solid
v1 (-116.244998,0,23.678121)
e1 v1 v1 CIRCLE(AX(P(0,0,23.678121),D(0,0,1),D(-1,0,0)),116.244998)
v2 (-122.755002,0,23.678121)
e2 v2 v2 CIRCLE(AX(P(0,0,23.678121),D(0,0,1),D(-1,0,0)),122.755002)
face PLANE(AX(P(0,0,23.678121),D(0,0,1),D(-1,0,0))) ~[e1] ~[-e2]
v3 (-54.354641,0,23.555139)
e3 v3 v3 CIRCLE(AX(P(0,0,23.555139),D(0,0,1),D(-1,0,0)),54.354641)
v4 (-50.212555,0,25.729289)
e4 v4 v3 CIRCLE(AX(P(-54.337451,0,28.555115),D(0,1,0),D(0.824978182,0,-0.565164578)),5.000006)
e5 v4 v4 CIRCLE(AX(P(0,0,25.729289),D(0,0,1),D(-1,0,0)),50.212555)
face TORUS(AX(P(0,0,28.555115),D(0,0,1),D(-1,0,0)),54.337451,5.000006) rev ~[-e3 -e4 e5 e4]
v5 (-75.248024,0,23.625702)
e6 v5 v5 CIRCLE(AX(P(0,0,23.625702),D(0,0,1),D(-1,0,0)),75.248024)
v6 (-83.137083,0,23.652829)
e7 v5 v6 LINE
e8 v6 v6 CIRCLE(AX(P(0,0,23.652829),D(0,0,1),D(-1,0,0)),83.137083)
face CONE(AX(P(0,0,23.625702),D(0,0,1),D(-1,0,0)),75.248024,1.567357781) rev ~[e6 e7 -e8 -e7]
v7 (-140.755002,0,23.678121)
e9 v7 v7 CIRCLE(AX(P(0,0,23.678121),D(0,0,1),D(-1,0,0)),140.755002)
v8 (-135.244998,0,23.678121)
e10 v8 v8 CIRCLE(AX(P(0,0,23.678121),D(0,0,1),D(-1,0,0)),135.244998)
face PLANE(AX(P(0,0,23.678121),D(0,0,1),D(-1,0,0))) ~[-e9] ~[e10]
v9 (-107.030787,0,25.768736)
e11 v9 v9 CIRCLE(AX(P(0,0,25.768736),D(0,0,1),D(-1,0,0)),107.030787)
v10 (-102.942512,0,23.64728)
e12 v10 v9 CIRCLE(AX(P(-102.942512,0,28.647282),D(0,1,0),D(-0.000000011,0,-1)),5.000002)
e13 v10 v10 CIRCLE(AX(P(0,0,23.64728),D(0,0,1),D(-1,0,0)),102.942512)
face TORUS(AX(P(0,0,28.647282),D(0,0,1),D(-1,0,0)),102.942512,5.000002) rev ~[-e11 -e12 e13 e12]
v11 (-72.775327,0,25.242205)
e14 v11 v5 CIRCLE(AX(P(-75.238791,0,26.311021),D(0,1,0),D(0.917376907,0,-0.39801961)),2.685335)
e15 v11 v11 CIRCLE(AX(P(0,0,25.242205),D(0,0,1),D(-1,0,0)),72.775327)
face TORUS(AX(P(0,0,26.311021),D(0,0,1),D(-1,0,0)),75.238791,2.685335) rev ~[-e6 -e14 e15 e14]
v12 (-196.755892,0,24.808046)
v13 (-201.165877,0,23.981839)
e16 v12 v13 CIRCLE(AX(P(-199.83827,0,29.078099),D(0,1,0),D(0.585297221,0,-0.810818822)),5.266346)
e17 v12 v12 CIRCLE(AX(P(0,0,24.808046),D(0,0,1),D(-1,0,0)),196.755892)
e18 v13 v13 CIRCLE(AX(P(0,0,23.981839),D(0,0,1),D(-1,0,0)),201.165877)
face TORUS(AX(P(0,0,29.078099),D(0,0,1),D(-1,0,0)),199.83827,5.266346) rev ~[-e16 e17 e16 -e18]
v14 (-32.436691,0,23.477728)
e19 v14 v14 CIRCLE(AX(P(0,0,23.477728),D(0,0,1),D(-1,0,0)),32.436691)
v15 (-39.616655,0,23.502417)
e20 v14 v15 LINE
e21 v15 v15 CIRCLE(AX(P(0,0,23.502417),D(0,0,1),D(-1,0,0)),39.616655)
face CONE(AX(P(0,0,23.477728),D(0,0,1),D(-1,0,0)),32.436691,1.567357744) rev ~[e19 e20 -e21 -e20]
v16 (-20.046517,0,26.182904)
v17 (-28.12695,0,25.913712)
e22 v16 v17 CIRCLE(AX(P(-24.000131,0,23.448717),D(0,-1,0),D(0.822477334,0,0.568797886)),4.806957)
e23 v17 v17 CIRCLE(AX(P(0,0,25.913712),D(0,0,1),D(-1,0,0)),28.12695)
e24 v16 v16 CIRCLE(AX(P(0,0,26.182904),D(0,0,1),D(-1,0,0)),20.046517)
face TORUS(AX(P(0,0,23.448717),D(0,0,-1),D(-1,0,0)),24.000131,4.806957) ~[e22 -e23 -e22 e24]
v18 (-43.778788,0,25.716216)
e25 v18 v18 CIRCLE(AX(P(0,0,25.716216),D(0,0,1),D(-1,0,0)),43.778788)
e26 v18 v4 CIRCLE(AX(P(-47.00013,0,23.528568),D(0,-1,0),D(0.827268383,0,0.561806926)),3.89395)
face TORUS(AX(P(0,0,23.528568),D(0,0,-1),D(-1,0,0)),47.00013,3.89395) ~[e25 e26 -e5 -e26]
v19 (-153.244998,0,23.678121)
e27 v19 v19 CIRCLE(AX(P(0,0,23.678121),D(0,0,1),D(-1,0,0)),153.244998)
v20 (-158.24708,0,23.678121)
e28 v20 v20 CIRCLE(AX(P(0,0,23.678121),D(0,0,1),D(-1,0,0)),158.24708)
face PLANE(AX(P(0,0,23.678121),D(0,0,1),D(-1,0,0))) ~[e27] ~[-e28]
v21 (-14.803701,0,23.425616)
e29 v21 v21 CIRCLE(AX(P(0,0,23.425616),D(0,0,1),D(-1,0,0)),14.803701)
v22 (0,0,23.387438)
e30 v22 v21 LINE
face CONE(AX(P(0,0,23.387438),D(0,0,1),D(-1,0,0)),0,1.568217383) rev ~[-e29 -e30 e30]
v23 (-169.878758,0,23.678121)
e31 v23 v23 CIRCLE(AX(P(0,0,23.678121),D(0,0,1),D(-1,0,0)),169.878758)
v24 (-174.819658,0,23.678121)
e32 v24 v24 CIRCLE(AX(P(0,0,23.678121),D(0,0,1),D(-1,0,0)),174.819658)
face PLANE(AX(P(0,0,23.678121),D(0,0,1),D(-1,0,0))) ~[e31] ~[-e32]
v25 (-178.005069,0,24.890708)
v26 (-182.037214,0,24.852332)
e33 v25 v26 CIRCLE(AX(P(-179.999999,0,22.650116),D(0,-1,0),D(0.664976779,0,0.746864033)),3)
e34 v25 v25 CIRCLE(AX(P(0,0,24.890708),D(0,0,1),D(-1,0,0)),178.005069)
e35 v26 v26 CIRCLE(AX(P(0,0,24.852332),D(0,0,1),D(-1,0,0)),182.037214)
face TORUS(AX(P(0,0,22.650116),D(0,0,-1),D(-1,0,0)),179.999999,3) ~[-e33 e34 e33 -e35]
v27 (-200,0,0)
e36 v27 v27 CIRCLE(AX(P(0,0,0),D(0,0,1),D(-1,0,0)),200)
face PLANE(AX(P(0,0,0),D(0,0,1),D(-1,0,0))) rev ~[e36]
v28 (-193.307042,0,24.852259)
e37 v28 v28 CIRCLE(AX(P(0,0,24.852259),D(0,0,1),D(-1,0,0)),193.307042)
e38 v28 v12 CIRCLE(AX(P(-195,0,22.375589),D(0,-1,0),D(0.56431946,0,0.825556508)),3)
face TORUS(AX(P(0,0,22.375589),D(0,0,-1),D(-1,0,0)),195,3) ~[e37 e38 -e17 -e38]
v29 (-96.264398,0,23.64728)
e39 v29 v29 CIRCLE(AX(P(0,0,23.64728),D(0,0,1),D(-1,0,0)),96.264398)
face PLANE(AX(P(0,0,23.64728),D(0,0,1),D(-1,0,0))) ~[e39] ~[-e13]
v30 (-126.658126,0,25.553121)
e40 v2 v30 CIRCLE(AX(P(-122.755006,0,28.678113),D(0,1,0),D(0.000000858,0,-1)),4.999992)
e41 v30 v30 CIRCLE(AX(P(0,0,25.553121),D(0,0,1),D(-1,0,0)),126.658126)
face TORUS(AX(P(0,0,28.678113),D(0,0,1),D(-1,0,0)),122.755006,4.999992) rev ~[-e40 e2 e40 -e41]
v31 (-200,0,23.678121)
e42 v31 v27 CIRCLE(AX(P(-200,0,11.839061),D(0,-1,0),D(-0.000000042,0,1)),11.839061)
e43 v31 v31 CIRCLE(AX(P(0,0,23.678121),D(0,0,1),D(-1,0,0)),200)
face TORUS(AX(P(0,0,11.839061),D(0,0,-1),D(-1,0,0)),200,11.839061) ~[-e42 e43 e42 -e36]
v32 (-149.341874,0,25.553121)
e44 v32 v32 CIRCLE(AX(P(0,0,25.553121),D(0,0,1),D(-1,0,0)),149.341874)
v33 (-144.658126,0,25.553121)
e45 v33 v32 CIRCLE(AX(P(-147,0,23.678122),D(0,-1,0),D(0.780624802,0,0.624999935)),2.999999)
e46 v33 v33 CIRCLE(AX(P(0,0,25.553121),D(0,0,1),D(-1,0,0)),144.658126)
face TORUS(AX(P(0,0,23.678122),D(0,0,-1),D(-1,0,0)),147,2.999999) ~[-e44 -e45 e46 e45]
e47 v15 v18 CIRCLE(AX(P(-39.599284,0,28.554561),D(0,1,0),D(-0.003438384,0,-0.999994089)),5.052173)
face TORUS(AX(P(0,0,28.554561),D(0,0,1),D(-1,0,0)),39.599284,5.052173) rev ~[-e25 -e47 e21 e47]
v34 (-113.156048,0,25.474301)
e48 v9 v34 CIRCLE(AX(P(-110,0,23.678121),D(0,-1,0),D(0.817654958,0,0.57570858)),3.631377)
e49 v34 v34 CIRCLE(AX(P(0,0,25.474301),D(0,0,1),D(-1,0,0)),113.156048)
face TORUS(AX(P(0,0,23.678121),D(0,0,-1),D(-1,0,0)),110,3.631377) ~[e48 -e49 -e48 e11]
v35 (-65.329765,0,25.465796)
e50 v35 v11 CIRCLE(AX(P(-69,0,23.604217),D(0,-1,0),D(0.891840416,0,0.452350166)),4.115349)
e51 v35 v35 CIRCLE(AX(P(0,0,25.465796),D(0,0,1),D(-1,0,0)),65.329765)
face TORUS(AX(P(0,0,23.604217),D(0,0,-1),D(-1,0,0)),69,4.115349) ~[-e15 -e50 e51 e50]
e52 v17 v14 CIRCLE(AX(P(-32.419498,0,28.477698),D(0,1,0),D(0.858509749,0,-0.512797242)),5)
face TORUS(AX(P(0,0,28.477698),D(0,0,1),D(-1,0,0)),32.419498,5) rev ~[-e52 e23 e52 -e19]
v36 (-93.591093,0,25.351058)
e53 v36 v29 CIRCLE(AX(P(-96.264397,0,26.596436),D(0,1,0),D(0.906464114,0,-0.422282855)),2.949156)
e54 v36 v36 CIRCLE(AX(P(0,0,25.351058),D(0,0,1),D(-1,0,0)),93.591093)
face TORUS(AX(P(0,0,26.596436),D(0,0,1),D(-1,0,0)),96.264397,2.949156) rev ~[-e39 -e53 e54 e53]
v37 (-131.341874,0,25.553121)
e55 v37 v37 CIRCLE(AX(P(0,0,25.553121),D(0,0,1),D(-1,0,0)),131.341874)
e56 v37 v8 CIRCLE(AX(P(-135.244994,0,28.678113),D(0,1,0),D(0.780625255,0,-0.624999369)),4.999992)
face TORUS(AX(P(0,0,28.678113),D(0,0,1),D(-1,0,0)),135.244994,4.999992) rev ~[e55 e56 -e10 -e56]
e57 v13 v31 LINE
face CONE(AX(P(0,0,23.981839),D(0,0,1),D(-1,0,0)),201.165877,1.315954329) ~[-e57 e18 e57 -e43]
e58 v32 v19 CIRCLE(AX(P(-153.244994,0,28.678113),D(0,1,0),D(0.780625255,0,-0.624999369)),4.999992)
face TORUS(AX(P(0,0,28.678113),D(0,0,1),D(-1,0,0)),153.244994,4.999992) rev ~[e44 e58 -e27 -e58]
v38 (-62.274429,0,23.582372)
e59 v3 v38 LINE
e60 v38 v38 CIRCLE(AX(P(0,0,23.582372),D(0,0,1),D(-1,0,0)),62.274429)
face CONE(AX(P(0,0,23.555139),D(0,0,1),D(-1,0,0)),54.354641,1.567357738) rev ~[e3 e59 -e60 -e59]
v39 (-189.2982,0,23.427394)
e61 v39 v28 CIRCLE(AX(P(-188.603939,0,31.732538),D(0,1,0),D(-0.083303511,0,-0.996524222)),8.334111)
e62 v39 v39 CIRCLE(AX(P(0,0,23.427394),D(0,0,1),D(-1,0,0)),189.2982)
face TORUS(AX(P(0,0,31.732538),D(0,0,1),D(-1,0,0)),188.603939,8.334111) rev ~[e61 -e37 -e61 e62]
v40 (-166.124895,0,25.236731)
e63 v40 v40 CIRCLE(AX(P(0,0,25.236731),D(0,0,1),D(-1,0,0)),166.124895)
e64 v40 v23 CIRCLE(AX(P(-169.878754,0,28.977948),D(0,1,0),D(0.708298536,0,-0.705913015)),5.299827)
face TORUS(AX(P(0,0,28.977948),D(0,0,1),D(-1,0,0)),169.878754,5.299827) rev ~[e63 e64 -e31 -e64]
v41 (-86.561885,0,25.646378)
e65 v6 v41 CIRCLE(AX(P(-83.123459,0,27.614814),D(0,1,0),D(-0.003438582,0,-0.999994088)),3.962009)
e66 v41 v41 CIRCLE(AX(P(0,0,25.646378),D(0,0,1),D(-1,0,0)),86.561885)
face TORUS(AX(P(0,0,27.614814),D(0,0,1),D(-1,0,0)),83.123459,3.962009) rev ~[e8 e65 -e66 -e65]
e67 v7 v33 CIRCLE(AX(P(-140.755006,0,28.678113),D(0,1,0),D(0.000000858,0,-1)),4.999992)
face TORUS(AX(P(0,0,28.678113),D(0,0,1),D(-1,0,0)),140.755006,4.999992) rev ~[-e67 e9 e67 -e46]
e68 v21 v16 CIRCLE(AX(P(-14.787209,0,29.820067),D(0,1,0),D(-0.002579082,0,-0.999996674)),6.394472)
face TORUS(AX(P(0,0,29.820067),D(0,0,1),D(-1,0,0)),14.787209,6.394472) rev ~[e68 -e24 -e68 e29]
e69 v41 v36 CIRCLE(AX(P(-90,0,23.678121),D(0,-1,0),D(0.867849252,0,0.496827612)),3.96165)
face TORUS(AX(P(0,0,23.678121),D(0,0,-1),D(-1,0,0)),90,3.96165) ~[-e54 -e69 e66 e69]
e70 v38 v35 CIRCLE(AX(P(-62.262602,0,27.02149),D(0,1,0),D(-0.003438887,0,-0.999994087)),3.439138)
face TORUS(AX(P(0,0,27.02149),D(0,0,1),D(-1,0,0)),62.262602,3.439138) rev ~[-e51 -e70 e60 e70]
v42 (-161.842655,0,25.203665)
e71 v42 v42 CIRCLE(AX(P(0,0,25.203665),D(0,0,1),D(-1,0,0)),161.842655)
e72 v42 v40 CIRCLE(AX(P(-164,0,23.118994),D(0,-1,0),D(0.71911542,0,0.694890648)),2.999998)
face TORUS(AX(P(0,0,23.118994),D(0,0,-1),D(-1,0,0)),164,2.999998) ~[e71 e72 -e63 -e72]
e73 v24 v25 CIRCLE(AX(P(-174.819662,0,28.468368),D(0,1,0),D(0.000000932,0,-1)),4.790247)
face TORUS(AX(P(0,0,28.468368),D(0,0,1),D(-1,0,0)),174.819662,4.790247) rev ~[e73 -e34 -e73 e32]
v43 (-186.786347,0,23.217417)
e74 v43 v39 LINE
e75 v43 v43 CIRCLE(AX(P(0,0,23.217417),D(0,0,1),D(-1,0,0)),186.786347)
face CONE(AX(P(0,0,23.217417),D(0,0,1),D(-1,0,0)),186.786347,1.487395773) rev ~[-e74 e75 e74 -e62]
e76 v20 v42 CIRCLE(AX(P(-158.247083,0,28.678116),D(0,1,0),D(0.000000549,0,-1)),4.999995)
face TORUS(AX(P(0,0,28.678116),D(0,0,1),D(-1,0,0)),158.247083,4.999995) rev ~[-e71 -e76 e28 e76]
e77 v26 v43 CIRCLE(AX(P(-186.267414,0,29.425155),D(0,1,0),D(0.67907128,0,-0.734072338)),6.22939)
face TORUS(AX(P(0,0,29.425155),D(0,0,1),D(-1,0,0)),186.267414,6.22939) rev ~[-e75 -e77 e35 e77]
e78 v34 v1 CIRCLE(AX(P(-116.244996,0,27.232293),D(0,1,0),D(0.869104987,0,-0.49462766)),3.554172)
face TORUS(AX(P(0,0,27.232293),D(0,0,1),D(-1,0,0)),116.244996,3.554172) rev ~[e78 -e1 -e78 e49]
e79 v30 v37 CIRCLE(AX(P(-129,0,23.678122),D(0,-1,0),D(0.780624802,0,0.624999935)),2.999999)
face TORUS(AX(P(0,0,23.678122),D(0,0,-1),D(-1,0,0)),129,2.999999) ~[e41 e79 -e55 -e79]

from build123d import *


with BuildPart() as f1:
    # F0 (on Front) → F1 (revolve)
    with BuildSketch(Plane.XZ):
        with BuildLine():
            Line((-200, 0), (0, 0))
            Line((0, 0), (0, 23.387438))
            Line((0, 23.387438), (-14.803701, 23.425616))
            ThreePointArc((-14.803701, 23.425616), (-17.763646, 24.160553), (-20.046517, 26.182904))
            ThreePointArc((-20.046517, 26.182904), (-24.160181, 28.253009), (-28.12695, 25.913712))
            ThreePointArc((-28.12695, 25.913712), (-29.959179, 24.124903), (-32.436691, 23.477728))
            Line((-32.436691, 23.477728), (-39.616655, 23.502417))
            ThreePointArc((-39.616655, 23.502417), (-41.971765, 24.094091), (-43.778788, 25.716216))
            ThreePointArc((-43.778788, 25.716216), (-46.992218, 27.42251), (-50.212555, 25.729289))
            ThreePointArc((-50.212555, 25.729289), (-52.013651, 24.127925), (-54.354641, 23.555139))
            Line((-54.354641, 23.555139), (-62.274429, 23.582372))
            ThreePointArc((-62.274429, 23.582372), (-64.067281, 24.093896), (-65.329765, 25.465796))
            ThreePointArc((-65.329765, 25.465796), (-69.123528, 27.717712), (-72.775327, 25.242205))
            ThreePointArc((-72.775327, 25.242205), (-73.769409, 24.063369), (-75.248024, 23.625702))
            Line((-75.248024, 23.625702), (-83.137083, 23.652829))
            ThreePointArc((-83.137083, 23.652829), (-85.116628, 24.190666), (-86.561885, 25.646378))
            ThreePointArc((-86.561885, 25.646378), (-90.166295, 27.636279), (-93.591093, 25.351058))
            ThreePointArc((-93.591093, 25.351058), (-94.679357, 24.109436), (-96.264398, 23.64728))
            Line((-96.264398, 23.64728), (-102.942512, 23.64728))
            ThreePointArc((-102.942512, 23.64728), (-105.245476, 24.209222), (-107.030787, 25.768736))
            ThreePointArc((-107.030787, 25.768736), (-110.174355, 27.30531), (-113.156048, 25.474301))
            ThreePointArc((-113.156048, 25.474301), (-114.45839, 24.159806), (-116.244998, 23.678121))
            Line((-116.244998, 23.678121), (-122.755002, 23.678121))
            ThreePointArc((-122.755002, 23.678121), (-124.920066, 24.171181), (-126.658126, 25.553121))
            ThreePointArc((-126.658126, 25.553121), (-129, 26.678121), (-131.341874, 25.553121))
            ThreePointArc((-131.341874, 25.553121), (-133.079934, 24.171181), (-135.244998, 23.678121))
            Line((-135.244998, 23.678121), (-140.755002, 23.678121))
            ThreePointArc((-140.755002, 23.678121), (-142.920066, 24.171181), (-144.658126, 25.553121))
            ThreePointArc((-144.658126, 25.553121), (-147, 26.678121), (-149.341874, 25.553121))
            ThreePointArc((-149.341874, 25.553121), (-151.079934, 24.171181), (-153.244998, 23.678121))
            Line((-153.244998, 23.678121), (-158.24708, 23.678121))
            ThreePointArc((-158.24708, 23.678121), (-160.199991, 24.07528), (-161.842655, 25.203665))
            ThreePointArc((-161.842655, 25.203665), (-163.976836, 26.118903), (-166.124895, 25.236731))
            ThreePointArc((-166.124895, 25.236731), (-167.846471, 24.083258), (-169.878758, 23.678121))
            Line((-169.878758, 23.678121), (-174.819658, 23.678121))
            ThreePointArc((-174.819658, 23.678121), (-176.52386, 23.991519), (-178.005069, 24.890708))
            ThreePointArc((-178.005069, 24.890708), (-180.028551, 25.64998), (-182.037214, 24.852332))
            ThreePointArc((-182.037214, 24.852332), (-184.239703, 23.53502), (-186.786347, 23.217417))
            Line((-186.786347, 23.217417), (-189.2982, 23.427394))
            ThreePointArc((-189.2982, 23.427394), (-191.395076, 23.879706), (-193.307042, 24.852259))
            ThreePointArc((-193.307042, 24.852259), (-195.038456, 25.375343), (-196.755892, 24.808046))
            ThreePointArc((-196.755892, 24.808046), (-198.868497, 23.901812), (-201.165877, 23.981839))
            Line((-201.165877, 23.981839), (-200, 23.678121))
            ThreePointArc((-200, 23.678121), (-211.83906, 11.83906), (-200, 0))
        make_face()
    revolve(axis=Axis((0, 0, 11.693719), (0, 0, 1)))


solid = f1.part
